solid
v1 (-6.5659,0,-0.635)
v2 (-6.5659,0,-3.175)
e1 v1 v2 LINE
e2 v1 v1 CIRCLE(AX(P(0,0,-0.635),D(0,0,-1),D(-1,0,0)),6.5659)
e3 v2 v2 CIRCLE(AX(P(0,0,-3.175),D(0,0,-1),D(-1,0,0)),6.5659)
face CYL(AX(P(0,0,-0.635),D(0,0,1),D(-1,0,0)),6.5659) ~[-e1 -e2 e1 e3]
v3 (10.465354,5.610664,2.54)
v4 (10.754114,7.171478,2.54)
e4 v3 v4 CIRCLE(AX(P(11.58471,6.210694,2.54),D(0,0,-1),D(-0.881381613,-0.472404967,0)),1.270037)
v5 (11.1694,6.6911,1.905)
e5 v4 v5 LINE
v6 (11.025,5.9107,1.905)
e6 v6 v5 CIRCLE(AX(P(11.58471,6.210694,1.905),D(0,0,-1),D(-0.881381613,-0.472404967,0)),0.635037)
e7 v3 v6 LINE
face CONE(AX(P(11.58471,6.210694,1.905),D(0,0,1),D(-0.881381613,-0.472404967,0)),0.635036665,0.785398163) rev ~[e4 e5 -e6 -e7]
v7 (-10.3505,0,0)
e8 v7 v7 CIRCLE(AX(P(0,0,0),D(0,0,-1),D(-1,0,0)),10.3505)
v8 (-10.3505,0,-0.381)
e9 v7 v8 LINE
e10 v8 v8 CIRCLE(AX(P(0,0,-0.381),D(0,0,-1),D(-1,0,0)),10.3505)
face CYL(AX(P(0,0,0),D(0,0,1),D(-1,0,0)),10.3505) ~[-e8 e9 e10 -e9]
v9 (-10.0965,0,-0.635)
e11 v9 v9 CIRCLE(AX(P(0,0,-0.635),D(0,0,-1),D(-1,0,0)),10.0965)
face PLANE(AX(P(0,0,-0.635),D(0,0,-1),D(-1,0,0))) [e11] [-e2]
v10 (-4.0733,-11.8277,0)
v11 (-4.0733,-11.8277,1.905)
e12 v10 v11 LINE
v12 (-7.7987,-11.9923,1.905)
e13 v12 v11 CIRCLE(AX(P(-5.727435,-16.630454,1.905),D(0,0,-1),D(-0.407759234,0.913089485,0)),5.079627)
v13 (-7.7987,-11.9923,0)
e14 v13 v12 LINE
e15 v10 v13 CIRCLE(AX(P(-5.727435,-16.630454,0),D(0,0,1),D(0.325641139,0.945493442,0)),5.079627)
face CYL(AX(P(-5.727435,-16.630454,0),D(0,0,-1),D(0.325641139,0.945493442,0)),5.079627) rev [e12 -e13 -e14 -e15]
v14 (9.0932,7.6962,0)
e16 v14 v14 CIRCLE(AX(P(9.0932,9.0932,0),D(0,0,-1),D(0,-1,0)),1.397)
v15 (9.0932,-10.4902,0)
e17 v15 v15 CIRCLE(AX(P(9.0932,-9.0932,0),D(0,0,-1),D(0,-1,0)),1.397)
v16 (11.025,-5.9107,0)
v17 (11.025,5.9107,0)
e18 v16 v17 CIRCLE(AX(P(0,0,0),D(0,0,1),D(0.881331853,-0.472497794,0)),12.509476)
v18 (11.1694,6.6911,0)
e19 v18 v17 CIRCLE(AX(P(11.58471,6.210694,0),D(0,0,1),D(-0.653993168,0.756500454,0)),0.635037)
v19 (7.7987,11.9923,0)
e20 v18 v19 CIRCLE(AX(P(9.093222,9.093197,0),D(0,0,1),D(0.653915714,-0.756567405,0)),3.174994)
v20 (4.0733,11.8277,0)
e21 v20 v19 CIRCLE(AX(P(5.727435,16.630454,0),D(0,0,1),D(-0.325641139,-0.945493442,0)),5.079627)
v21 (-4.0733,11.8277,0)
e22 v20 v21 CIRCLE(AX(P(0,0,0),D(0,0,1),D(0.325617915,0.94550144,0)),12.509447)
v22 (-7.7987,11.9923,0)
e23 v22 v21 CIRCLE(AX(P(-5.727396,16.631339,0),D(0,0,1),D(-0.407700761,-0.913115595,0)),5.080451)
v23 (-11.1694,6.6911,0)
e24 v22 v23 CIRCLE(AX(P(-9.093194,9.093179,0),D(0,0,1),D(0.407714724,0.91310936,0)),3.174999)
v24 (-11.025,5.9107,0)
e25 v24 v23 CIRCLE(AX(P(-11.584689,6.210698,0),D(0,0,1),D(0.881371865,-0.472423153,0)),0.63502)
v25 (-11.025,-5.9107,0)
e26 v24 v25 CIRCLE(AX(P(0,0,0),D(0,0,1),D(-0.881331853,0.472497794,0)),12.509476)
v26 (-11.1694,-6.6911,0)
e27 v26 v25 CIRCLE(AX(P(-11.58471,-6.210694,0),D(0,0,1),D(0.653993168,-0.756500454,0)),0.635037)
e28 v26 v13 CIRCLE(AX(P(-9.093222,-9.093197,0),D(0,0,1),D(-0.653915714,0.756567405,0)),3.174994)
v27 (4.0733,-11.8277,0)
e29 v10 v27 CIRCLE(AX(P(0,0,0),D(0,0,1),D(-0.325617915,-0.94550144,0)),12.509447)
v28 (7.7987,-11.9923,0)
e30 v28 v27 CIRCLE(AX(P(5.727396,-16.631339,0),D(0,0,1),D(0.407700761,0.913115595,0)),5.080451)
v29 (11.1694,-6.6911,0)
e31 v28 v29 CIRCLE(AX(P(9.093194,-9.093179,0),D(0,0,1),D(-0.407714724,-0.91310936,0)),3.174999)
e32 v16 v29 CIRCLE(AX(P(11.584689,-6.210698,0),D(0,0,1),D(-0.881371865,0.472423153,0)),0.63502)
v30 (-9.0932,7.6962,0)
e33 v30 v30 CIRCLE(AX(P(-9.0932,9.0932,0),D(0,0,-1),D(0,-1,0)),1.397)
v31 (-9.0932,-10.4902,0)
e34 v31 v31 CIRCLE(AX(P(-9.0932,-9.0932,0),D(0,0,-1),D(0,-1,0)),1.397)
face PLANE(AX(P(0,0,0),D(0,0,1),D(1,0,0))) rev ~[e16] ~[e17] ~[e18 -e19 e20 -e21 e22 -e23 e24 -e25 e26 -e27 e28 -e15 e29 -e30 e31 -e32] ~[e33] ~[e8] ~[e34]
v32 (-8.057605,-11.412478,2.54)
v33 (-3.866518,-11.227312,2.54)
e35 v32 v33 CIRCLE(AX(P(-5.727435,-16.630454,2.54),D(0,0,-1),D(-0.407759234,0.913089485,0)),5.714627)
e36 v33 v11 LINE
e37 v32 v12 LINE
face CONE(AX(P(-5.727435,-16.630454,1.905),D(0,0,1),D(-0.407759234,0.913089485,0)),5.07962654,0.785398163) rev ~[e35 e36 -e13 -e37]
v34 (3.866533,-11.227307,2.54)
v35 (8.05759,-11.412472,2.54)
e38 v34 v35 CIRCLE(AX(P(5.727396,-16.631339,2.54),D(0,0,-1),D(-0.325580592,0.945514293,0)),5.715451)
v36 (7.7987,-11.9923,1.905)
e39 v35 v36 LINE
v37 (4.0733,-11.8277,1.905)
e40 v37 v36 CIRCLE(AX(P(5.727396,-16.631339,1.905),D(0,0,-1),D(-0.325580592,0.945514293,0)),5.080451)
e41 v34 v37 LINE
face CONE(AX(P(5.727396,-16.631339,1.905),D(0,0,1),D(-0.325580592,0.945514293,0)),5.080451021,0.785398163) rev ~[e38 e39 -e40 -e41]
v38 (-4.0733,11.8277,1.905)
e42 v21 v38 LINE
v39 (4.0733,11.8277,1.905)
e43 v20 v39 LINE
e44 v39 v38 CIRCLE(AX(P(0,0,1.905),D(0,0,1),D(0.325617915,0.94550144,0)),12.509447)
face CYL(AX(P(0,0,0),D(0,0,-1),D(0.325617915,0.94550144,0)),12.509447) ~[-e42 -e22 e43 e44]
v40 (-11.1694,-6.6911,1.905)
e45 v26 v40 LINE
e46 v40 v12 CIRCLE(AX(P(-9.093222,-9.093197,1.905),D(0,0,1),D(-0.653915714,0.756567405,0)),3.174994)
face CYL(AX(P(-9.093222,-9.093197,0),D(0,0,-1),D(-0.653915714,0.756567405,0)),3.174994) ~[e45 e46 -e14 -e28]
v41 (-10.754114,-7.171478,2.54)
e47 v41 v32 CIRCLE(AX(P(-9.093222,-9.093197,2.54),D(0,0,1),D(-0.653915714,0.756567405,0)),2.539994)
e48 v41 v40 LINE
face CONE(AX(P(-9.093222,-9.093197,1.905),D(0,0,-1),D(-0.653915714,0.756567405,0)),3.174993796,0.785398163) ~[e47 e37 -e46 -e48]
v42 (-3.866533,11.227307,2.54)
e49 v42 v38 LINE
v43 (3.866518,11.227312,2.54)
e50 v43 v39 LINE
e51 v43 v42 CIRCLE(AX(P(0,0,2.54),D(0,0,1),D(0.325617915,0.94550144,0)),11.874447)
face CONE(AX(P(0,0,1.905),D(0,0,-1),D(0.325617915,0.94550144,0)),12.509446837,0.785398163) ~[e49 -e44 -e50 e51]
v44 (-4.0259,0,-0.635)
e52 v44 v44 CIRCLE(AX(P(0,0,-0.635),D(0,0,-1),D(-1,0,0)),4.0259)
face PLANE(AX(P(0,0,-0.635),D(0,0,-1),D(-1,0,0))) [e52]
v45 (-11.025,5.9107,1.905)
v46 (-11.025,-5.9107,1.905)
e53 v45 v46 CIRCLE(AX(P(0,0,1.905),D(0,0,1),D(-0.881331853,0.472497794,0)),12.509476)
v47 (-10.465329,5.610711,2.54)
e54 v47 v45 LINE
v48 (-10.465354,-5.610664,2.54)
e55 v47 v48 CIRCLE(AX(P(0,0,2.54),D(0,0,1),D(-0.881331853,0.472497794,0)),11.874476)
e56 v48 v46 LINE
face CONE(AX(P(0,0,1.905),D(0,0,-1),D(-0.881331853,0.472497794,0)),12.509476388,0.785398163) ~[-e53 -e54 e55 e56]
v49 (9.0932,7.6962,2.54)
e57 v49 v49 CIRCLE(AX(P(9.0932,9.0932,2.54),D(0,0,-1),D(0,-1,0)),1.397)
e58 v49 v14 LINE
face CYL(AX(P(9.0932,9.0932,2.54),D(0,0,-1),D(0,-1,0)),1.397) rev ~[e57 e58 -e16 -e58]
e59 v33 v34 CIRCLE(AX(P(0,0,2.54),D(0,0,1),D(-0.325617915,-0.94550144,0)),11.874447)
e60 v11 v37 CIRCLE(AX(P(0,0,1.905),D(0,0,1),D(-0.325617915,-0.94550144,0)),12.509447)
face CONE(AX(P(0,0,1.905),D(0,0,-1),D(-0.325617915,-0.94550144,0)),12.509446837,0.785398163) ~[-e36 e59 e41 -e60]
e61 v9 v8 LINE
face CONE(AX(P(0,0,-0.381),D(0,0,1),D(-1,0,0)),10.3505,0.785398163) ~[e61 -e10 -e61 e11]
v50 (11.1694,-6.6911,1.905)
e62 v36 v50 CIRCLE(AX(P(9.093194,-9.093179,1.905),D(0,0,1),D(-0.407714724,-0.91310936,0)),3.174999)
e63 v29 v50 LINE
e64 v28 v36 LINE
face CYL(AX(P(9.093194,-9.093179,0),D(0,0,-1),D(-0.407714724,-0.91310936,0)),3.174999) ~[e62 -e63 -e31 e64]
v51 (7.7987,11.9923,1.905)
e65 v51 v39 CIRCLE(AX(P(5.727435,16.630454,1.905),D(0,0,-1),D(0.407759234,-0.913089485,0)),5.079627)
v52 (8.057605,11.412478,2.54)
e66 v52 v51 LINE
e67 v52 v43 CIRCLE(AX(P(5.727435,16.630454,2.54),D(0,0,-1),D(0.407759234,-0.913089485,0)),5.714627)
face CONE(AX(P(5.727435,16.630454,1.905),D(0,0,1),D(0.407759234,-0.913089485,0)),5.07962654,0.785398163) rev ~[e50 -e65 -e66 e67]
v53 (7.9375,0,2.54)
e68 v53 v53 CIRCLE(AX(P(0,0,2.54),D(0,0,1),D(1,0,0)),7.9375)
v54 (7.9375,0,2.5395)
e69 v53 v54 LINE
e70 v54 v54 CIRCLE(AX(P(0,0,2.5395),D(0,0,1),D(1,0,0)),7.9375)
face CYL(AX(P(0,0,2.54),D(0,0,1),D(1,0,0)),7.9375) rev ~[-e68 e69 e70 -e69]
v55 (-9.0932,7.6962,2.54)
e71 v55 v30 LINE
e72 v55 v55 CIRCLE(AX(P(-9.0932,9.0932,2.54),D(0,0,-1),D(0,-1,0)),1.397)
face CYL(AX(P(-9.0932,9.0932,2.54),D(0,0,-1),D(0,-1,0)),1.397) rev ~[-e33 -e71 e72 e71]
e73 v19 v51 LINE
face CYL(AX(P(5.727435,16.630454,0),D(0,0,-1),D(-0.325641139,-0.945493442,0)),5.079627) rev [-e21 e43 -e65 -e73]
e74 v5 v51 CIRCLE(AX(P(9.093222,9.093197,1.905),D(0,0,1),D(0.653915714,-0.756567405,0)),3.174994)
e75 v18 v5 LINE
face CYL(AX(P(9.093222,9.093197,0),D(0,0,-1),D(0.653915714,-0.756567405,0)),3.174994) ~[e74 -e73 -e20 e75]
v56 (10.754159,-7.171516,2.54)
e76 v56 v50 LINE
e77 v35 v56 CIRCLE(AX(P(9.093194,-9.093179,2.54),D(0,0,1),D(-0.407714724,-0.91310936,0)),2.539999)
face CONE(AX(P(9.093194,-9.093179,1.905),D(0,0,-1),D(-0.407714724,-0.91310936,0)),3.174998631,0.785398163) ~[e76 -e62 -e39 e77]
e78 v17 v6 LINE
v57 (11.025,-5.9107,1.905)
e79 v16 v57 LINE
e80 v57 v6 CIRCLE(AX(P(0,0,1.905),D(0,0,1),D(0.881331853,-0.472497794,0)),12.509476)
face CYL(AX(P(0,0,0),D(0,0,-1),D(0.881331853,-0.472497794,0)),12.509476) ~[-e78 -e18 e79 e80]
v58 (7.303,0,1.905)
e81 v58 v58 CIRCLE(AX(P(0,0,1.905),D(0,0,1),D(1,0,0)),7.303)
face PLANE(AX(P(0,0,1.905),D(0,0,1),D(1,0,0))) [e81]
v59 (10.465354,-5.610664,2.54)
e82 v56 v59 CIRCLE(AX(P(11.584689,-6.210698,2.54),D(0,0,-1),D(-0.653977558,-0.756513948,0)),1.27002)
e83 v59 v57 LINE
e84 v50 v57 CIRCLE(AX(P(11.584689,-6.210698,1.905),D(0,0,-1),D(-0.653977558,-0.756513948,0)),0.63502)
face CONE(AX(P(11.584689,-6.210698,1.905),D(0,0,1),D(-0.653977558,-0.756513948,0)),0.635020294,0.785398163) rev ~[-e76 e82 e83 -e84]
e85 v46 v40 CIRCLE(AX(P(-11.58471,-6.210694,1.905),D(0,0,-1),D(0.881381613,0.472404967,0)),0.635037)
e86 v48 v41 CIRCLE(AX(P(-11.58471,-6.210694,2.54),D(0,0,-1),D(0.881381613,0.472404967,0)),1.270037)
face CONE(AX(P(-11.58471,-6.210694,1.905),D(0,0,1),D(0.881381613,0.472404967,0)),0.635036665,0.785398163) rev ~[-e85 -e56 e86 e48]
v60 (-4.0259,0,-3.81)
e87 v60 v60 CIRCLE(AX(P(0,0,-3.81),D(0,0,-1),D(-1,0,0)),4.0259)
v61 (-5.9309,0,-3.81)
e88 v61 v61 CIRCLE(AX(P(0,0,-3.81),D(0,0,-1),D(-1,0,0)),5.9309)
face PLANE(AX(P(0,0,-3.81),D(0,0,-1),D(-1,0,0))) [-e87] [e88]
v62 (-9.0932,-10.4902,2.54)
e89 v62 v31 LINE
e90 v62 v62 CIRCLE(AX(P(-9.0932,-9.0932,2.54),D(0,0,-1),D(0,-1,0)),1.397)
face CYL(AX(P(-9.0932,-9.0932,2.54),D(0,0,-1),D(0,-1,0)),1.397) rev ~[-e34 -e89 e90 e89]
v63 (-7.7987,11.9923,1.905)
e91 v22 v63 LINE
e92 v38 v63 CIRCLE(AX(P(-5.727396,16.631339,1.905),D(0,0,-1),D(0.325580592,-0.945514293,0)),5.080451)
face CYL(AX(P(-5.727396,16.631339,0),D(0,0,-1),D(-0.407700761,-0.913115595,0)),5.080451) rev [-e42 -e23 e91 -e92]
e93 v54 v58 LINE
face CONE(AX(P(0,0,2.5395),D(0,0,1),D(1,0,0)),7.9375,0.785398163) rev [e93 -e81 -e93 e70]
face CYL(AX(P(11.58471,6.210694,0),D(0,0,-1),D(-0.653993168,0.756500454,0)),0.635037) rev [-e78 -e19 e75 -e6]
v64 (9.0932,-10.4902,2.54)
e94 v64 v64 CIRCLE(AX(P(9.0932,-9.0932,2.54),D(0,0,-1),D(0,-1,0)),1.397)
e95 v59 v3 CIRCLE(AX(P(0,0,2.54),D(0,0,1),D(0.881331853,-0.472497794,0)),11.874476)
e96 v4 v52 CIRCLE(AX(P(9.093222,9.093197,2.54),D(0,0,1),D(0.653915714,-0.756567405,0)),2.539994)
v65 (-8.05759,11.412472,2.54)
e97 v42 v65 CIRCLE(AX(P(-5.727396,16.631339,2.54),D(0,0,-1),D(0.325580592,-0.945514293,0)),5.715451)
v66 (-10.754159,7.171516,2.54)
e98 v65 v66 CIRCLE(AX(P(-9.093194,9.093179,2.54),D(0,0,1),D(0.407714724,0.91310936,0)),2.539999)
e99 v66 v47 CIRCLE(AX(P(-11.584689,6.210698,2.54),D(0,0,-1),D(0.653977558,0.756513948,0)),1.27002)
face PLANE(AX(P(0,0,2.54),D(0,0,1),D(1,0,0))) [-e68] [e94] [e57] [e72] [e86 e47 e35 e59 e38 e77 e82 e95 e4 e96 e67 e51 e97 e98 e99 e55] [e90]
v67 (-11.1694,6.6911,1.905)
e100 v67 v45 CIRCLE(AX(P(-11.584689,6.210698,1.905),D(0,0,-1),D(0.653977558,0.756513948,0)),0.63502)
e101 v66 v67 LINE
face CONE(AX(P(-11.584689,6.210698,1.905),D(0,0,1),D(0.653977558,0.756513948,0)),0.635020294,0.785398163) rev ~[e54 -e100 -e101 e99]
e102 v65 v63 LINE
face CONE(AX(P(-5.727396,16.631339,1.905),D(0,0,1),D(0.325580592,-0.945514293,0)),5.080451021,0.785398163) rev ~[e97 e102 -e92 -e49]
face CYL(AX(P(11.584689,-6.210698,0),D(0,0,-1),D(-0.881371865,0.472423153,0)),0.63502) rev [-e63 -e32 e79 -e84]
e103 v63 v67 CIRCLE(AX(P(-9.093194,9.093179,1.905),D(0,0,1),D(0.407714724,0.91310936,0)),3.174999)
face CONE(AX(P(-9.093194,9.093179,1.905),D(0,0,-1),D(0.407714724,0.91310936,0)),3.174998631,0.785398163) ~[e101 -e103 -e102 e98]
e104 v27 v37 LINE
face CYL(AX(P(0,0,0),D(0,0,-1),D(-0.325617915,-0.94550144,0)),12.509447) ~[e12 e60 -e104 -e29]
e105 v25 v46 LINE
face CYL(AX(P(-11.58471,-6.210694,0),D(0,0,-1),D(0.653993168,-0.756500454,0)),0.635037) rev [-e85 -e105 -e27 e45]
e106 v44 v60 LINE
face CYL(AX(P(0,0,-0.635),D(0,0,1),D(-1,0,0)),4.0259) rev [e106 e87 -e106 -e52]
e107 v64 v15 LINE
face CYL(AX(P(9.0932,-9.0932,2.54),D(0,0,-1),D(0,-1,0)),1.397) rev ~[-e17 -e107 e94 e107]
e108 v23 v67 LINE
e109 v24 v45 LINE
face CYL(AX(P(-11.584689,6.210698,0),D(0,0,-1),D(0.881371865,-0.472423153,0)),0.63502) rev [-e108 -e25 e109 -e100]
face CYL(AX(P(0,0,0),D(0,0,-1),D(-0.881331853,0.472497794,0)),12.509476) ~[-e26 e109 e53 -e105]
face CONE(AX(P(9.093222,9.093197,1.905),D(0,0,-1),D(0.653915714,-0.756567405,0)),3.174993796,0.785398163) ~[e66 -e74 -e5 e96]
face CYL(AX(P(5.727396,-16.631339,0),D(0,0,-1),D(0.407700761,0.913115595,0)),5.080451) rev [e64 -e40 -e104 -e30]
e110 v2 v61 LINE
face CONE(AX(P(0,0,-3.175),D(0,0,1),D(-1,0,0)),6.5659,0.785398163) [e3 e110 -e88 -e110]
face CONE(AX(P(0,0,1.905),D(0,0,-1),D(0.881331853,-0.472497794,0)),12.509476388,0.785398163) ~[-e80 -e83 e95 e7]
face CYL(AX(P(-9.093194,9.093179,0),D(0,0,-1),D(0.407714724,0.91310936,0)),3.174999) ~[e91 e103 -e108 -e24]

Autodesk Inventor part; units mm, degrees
ref_plane "YZ Plane" through (0, 0, 0) normal (1, 0, 0) x (0, 1, 0)
ref_plane "XZ Plane" through (0, 0, 0) normal (0, 1, 0) x (-1, 0, 0)
ref_plane "XY Plane" through (0, 0, 0) normal (0, 0, 1) x (1, 0, 0)
sketch "Sketch1" plane through (0, 0, 0) normal (0, 0, 1) x (1, 0, 0)
  circle A0 centre (0, 0) radius 10.4775 projected
  circle A1 centre (9.0932, -9.0932) radius 0.9652 projected
  circle A2 centre (-9.0932, 9.0932) radius 0.9652 projected
  circle A3 centre (9.0932, 9.0932) radius 0.9652 projected
  circle A4 centre (-9.0932, -9.0932) radius 0.9652 projected
  arc A5 (11.1694, 6.6911) -> (7.7987, 11.9923) centre (9.0932, 9.0932) ccw projected
  arc A6 (4.0733, 11.8277) -> (7.7987, 11.9923) centre (5.7275, 16.6309) ccw projected
  arc A7 (4.0733, 11.8277) -> (-4.0733, 11.8277) centre (0, 0) ccw projected
  arc A8 (-7.7987, 11.9923) -> (-4.0733, 11.8277) centre (-5.7275, 16.6309) ccw projected
  arc A9 (-7.7987, 11.9923) -> (-11.1694, 6.6911) centre (-9.0932, 9.0932) ccw projected
  arc A10 (-11.025, 5.9107) -> (-11.1694, 6.6911) centre (-11.5847, 6.2107) ccw projected
  arc A11 (-11.025, 5.9107) -> (-11.025, -5.9107) centre (0, 0) ccw projected
  arc A12 (-11.1694, -6.6911) -> (-11.025, -5.9107) centre (-11.5847, -6.2107) ccw projected
  arc A13 (-11.1694, -6.6911) -> (-7.7987, -11.9923) centre (-9.0932, -9.0932) ccw projected
  arc A14 (-4.0733, -11.8277) -> (-7.7987, -11.9923) centre (-5.7275, -16.6309) ccw projected
  arc A15 (-4.0733, -11.8277) -> (4.0733, -11.8277) centre (0, 0) ccw projected
  arc A16 (7.7987, -11.9923) -> (4.0733, -11.8277) centre (5.7275, -16.6309) ccw projected
  arc A17 (7.7987, -11.9923) -> (11.1694, -6.6911) centre (9.0932, -9.0932) ccw projected
  arc A18 (11.025, -5.9107) -> (11.1694, -6.6911) centre (11.5847, -6.2107) ccw projected
  arc A19 (11.025, -5.9107) -> (11.025, 5.9107) centre (0, 0) ccw projected
  arc A20 (11.1694, 6.6911) -> (11.025, 5.9107) centre (11.5847, 6.2107) ccw projected
  point P0 (0, 0)
extrude "Extrusion1" add sketch "Sketch1" along normal blind 2.54 contours A0 | A1 | A2 | A3 | A4 | A20 A19 A18 A17 A16 A15 A14 A13 A12 A11 A10 A9 A8 A7 A6 A5
sketch "Sketch2" plane through (0, 0, 0) normal (0, 0, -1) x (-1, 0, 0)
  circle A0 centre (0, 0) radius 10.4775 projected
  circle A1 centre (0, 0) radius 10.3505
  dimension "d2" = 0.127
extrude "Extrusion2" add sketch "Sketch2" along normal blind 0.635 contours A1
sketch "Sketch3" plane through (0, 0, -0.635) normal (0, 0, -1) x (-1, 0, 0)
  circle A0 centre (0, 0) radius 4.0005 projected
  circle A1 centre (0, 0) radius 4.0259
  circle A2 centre (0, 0) radius 6.5659
  dimension "d5" = 0.0254
  dimension "d6" = 2.54
extrude "Extrusion3" add sketch "Sketch3" along normal blind 3.175 contours A2
chamfer "Chamfer1" distance 0.635 angle 45 1 edges at (6.5659, 0, -3.81)
chamfer "Chamfer4" distance 0.254 angle 45 1 edges at (10.3505, 0, -0.635)
sketch "Sketch4" plane through (0, 0, 2.54) normal (0, 0, 1) x (1, 0, 0)
  arc A0 (11.1694, 6.6911) -> (7.7987, 11.9923) centre (9.0932, 9.0932) ccw projected
  arc A1 (-7.7987, 11.9923) -> (-11.1694, 6.6911) centre (-9.0932, 9.0932) ccw projected
  arc A2 (-11.1694, -6.6911) -> (-7.7987, -11.9923) centre (-9.0932, -9.0932) ccw projected
  arc A3 (7.7987, -11.9923) -> (11.1694, -6.6911) centre (9.0932, -9.0932) ccw projected
hole "Hole1" at (9.0932, 9.0932, 2.54) at (-9.0932, 9.0932, 2.54) at (-9.0932, -9.0932, 2.54) at (9.0932, -9.0932, 2.54) direction (0, 0, -1) diameter 2.794 end through all clearance for "Flat Head Machine Screw (82)" size "#3" standard "Ansi Unified Screw Threads"
sketch "Sketch5" plane through (0, 0, 2.54) normal (0, 0, 1) x (1, 0, 0)
  arc A0 (11.025, -5.9107) -> (11.025, 5.9107) centre (0, 0) ccw projected
  circle A1 centre (0, 0) radius 7.9375
  dimension "d19" = 15.875
extrude "Extrusion4" cut sketch "Sketch5" against normal blind 0.635
chamfer "Chamfer2" distance 0.635 angle 45 1 edges at (-7.9375, 0, 1.905)
chamfer "Chamfer3" distance 0.635 angle 45 16 edges at (12.5095, 0, 2.54) (10.9603, 6.3263, 2.54) (11.7724, 10.7968, 2.54) (5.9517, 11.5558, 2.54) (0, 12.5095, 2.54) (-5.9517, 11.5558, 2.54) (-11.7724, 10.7968, 2.54) (-10.9603, 6.3263, 2.54) (-12.5095, 0, 2.54) (-10.9603, -6.3263, 2.54) (-11.7724, -10.7968, 2.54) (-5.9517, -11.5558, 2.54) (0, -12.5095, 2.54) (5.9517, -11.5558, 2.54) (11.7724, -10.7968, 2.54) (10.9603, -6.3263, 2.54)
properties part number "Crankshaft Cover"
